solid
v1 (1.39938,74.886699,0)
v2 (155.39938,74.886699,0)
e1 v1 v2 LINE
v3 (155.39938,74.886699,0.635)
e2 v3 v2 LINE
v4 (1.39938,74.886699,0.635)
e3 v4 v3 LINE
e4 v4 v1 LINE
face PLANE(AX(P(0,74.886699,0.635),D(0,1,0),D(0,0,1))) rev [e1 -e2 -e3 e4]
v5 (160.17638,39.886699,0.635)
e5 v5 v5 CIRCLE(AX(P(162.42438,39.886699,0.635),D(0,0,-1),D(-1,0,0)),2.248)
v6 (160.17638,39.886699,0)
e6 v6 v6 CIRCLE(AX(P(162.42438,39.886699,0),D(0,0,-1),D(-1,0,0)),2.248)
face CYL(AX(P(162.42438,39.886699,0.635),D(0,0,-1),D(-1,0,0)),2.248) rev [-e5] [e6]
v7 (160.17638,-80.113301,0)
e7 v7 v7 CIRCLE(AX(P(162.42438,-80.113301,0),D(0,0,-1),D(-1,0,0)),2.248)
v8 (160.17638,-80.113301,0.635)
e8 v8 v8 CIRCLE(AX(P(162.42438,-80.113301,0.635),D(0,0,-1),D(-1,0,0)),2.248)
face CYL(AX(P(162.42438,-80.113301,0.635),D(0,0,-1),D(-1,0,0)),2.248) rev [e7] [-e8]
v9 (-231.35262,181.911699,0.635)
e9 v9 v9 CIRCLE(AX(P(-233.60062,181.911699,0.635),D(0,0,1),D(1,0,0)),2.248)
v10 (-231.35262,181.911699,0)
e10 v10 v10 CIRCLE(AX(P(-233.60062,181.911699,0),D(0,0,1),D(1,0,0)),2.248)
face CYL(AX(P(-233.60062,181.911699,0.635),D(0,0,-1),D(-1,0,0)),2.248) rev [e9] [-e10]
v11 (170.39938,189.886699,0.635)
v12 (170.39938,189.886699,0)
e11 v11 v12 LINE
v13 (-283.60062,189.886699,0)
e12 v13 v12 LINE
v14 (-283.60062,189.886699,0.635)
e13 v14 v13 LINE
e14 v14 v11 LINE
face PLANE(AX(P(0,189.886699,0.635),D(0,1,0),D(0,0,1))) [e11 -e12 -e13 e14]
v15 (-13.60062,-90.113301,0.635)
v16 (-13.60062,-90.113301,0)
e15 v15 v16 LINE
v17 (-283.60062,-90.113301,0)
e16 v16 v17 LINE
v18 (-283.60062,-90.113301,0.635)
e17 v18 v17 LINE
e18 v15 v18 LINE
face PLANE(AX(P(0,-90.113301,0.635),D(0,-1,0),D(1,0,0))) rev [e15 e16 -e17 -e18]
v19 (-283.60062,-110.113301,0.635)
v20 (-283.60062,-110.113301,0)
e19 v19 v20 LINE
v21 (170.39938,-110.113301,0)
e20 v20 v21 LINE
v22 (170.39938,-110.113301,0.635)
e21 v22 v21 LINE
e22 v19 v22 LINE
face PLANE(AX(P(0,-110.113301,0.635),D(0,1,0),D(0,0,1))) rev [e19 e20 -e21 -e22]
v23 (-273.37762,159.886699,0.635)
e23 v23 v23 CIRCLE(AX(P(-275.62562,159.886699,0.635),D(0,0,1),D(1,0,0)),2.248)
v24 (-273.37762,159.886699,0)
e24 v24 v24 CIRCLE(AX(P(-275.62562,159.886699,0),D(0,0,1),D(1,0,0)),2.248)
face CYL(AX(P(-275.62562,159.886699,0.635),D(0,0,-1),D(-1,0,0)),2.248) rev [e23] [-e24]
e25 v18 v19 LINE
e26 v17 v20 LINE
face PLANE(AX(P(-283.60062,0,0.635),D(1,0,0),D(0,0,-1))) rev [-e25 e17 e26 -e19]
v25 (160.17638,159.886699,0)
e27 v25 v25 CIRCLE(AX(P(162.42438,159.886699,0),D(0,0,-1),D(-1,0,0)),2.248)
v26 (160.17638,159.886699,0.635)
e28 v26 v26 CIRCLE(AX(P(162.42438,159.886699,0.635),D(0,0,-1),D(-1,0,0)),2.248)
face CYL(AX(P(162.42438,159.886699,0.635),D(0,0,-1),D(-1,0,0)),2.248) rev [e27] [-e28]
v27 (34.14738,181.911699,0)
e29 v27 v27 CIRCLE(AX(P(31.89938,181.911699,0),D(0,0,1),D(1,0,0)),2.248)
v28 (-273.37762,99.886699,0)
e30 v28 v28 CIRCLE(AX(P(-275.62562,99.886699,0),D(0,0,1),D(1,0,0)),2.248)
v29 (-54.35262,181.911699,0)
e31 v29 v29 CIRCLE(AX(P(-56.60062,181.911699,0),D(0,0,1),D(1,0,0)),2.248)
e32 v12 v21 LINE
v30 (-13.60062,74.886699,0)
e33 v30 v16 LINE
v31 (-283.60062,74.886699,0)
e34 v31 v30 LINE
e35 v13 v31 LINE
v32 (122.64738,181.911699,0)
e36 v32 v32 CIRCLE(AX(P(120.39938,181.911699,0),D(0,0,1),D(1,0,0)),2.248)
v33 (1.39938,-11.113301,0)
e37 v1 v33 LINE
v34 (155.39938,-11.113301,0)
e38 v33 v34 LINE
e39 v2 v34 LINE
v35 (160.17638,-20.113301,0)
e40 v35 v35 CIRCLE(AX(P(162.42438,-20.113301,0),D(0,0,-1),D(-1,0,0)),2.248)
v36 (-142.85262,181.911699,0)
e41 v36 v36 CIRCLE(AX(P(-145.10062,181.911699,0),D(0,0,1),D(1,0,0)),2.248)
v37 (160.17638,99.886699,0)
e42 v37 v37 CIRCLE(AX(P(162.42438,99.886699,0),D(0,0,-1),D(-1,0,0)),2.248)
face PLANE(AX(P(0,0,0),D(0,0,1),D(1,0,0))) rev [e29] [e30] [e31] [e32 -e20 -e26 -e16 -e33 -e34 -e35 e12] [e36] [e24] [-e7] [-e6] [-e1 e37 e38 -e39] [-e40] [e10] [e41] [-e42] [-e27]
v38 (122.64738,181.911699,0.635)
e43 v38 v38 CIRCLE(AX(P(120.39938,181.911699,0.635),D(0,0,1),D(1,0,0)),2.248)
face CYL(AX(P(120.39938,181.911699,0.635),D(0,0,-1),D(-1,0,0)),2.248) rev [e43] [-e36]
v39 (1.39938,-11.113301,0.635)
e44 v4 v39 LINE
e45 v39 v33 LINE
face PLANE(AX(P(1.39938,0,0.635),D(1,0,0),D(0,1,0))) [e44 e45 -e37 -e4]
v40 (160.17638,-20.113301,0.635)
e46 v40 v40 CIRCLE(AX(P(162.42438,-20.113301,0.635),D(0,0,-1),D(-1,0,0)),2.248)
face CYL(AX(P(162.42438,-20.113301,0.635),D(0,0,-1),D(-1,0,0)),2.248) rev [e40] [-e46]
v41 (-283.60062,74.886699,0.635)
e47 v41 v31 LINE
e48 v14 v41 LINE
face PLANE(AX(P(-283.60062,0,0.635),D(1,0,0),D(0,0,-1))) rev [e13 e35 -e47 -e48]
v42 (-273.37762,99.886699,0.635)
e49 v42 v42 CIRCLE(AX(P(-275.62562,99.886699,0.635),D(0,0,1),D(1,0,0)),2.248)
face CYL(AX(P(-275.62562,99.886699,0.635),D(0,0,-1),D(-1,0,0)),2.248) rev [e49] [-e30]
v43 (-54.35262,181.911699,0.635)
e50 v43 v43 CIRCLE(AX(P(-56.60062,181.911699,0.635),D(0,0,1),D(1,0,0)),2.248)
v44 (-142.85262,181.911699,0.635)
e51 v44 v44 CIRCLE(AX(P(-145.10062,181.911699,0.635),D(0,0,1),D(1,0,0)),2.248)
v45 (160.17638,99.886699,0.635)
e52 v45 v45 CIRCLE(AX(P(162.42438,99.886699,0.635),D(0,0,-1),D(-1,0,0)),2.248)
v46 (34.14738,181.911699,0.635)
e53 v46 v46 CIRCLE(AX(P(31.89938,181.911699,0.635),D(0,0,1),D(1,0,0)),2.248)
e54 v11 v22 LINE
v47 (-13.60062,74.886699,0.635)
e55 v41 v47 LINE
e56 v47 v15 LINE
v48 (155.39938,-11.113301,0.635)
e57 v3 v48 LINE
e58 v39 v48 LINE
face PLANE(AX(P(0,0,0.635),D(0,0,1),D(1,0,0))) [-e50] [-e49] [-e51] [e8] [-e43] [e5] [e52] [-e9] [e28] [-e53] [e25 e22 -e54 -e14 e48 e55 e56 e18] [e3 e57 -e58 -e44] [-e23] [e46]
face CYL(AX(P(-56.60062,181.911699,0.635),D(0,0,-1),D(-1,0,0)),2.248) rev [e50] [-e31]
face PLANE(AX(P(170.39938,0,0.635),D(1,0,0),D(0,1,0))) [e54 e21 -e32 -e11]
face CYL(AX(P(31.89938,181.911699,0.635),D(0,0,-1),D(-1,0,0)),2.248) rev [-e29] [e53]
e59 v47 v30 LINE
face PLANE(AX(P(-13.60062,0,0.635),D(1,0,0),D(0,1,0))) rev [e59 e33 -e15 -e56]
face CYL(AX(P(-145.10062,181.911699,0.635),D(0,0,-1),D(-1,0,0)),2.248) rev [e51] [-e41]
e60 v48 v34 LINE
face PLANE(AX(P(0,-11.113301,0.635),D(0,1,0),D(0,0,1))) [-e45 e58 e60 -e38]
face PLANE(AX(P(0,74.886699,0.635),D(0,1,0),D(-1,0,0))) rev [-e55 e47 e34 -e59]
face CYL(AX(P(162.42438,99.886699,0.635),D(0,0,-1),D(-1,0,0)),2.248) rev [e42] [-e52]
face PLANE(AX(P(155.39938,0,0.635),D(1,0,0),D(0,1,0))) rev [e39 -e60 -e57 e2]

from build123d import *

# Parameters (mm, degrees)
SKETCH1_W               = 154
SKETCH1_H               = 86
BOSS_EXTRUDE1_DEPTH     = 0.635
SKETCH2_R               = 2.248
CUT_EXTRUDE3_DEPTH      = 342.301440511
LPATTERN1_COUNT         = 5
LPATTERN1_PITCH         = 88.5
SKETCH3_R               = 2.248
CUT_EXTRUDE5_DEPTH      = 342.301440511
LPATTERN2_COUNT         = 6
LPATTERN2_PITCH         = 60
MIRROR1_COPY_1_SKETCH_R = 2.248
MIRROR1_COPY_1_DEPTH    = 342.301440511
MIRROR1_COPY_2_SKETCH_R = 2.248
MIRROR1_COPY_2_DEPTH    = 342.301440511
MIRROR1_COPY_3_SKETCH_R = 2.248
MIRROR1_COPY_3_DEPTH    = 342.301440511
MIRROR1_COPY_4_SKETCH_R = 2.248
MIRROR1_COPY_4_DEPTH    = 342.301440511
MIRROR1_COPY_5_SKETCH_R = 2.248
MIRROR1_COPY_5_DEPTH    = 342.301440511
MIRROR1_COPY_6_SKETCH_R = 2.248
MIRROR1_COPY_6_DEPTH    = 342.301440511


with BuildPart() as part:
    # Sketch1 → Boss-Extrude1 (new body)
    with BuildSketch(Plane.XY):
        Polygon((-283.600620106, 189.886698706), (-283.600620106, 74.886698706), (-13.600620106, 74.886698706), (-13.600620106, -90.113301294), (-283.600620106, -90.113301294), (-283.600620106, -110.113301294), (170.399379894, -110.113301294), (170.399379894, 189.886698706), align=None)
        with Locations((78.399379894, 31.886698706)):
            Rectangle(SKETCH1_W, SKETCH1_H, mode=Mode.SUBTRACT)
    extrude(amount=BOSS_EXTRUDE1_DEPTH)

    # Sketch2 → Cut-Extrude3 (cut, through all)
    with BuildSketch(Plane.XY):
        with Locations((-233.600620106, 181.911698706)):
            Circle(SKETCH2_R)
    cut_extrude3 = extrude(amount=CUT_EXTRUDE3_DEPTH, mode=Mode.SUBTRACT)

    # LPattern1: Cut-Extrude3 ×5
    with Locations(*[(i * LPATTERN1_PITCH, 0, 0) for i in range(1, LPATTERN1_COUNT)]):
        add(cut_extrude3, mode=Mode.SUBTRACT)

    # Sketch3 → Cut-Extrude5 (cut, through all)
    with BuildSketch(Plane.XY):
        with Locations((-275.625620106, 159.886698706)):
            Circle(SKETCH3_R)
    cut_extrude5 = extrude(amount=CUT_EXTRUDE5_DEPTH, mode=Mode.SUBTRACT)

    # LPattern2: Cut-Extrude5 ×6
    with Locations(*[(0, -i * LPATTERN2_PITCH, 0) for i in range(1, LPATTERN2_COUNT)]):
        add(cut_extrude5, mode=Mode.SUBTRACT)

    # Mirror1 copy 1 sketch → Mirror1 copy 1 (cut, through all)
    with BuildSketch(Plane(origin=(-113.201240213, -60, 0), x_dir=(-1, 0, 0), z_dir=(0, 0, 1))):
        with Locations((-275.625620106, -159.886698706)):
            Circle(MIRROR1_COPY_1_SKETCH_R)
    extrude(amount=MIRROR1_COPY_1_DEPTH, mode=Mode.SUBTRACT)

    # Mirror1 copy 2 sketch → Mirror1 copy 2 (cut, through all)
    with BuildSketch(Plane(origin=(-113.201240213, -120, 0), x_dir=(-1, 0, 0), z_dir=(0, 0, 1))):
        with Locations((-275.625620106, -159.886698706)):
            Circle(MIRROR1_COPY_2_SKETCH_R)
    extrude(amount=MIRROR1_COPY_2_DEPTH, mode=Mode.SUBTRACT)

    # Mirror1 copy 3 sketch → Mirror1 copy 3 (cut, through all)
    with BuildSketch(Plane(origin=(-113.201240213, -180, 0), x_dir=(-1, 0, 0), z_dir=(0, 0, 1))):
        with Locations((-275.625620106, -159.886698706)):
            Circle(MIRROR1_COPY_3_SKETCH_R)
    extrude(amount=MIRROR1_COPY_3_DEPTH, mode=Mode.SUBTRACT)

    # Mirror1 copy 4 sketch → Mirror1 copy 4 (cut, through all)
    with BuildSketch(Plane(origin=(-113.201240213, -240, 0), x_dir=(-1, 0, 0), z_dir=(0, 0, 1))):
        with Locations((-275.625620106, -159.886698706)):
            Circle(MIRROR1_COPY_4_SKETCH_R)
    extrude(amount=MIRROR1_COPY_4_DEPTH, mode=Mode.SUBTRACT)

    # Mirror1 copy 5 sketch → Mirror1 copy 5 (cut, through all)
    with BuildSketch(Plane(origin=(-113.201240213, -300, 0), x_dir=(-1, 0, 0), z_dir=(0, 0, 1))):
        with Locations((-275.625620106, -159.886698706)):
            Circle(MIRROR1_COPY_5_SKETCH_R)
    extrude(amount=MIRROR1_COPY_5_DEPTH, mode=Mode.SUBTRACT)

    # Mirror1 copy 6 sketch → Mirror1 copy 6 (cut, through all)
    with BuildSketch(Plane(origin=(-113.201240213, 0, 0), x_dir=(-1, 0, 0), z_dir=(0, 0, 1))):
        with Locations((-275.625620106, -159.886698706)):
            Circle(MIRROR1_COPY_6_SKETCH_R)
    extrude(amount=MIRROR1_COPY_6_DEPTH, mode=Mode.SUBTRACT)


solid = part.part
